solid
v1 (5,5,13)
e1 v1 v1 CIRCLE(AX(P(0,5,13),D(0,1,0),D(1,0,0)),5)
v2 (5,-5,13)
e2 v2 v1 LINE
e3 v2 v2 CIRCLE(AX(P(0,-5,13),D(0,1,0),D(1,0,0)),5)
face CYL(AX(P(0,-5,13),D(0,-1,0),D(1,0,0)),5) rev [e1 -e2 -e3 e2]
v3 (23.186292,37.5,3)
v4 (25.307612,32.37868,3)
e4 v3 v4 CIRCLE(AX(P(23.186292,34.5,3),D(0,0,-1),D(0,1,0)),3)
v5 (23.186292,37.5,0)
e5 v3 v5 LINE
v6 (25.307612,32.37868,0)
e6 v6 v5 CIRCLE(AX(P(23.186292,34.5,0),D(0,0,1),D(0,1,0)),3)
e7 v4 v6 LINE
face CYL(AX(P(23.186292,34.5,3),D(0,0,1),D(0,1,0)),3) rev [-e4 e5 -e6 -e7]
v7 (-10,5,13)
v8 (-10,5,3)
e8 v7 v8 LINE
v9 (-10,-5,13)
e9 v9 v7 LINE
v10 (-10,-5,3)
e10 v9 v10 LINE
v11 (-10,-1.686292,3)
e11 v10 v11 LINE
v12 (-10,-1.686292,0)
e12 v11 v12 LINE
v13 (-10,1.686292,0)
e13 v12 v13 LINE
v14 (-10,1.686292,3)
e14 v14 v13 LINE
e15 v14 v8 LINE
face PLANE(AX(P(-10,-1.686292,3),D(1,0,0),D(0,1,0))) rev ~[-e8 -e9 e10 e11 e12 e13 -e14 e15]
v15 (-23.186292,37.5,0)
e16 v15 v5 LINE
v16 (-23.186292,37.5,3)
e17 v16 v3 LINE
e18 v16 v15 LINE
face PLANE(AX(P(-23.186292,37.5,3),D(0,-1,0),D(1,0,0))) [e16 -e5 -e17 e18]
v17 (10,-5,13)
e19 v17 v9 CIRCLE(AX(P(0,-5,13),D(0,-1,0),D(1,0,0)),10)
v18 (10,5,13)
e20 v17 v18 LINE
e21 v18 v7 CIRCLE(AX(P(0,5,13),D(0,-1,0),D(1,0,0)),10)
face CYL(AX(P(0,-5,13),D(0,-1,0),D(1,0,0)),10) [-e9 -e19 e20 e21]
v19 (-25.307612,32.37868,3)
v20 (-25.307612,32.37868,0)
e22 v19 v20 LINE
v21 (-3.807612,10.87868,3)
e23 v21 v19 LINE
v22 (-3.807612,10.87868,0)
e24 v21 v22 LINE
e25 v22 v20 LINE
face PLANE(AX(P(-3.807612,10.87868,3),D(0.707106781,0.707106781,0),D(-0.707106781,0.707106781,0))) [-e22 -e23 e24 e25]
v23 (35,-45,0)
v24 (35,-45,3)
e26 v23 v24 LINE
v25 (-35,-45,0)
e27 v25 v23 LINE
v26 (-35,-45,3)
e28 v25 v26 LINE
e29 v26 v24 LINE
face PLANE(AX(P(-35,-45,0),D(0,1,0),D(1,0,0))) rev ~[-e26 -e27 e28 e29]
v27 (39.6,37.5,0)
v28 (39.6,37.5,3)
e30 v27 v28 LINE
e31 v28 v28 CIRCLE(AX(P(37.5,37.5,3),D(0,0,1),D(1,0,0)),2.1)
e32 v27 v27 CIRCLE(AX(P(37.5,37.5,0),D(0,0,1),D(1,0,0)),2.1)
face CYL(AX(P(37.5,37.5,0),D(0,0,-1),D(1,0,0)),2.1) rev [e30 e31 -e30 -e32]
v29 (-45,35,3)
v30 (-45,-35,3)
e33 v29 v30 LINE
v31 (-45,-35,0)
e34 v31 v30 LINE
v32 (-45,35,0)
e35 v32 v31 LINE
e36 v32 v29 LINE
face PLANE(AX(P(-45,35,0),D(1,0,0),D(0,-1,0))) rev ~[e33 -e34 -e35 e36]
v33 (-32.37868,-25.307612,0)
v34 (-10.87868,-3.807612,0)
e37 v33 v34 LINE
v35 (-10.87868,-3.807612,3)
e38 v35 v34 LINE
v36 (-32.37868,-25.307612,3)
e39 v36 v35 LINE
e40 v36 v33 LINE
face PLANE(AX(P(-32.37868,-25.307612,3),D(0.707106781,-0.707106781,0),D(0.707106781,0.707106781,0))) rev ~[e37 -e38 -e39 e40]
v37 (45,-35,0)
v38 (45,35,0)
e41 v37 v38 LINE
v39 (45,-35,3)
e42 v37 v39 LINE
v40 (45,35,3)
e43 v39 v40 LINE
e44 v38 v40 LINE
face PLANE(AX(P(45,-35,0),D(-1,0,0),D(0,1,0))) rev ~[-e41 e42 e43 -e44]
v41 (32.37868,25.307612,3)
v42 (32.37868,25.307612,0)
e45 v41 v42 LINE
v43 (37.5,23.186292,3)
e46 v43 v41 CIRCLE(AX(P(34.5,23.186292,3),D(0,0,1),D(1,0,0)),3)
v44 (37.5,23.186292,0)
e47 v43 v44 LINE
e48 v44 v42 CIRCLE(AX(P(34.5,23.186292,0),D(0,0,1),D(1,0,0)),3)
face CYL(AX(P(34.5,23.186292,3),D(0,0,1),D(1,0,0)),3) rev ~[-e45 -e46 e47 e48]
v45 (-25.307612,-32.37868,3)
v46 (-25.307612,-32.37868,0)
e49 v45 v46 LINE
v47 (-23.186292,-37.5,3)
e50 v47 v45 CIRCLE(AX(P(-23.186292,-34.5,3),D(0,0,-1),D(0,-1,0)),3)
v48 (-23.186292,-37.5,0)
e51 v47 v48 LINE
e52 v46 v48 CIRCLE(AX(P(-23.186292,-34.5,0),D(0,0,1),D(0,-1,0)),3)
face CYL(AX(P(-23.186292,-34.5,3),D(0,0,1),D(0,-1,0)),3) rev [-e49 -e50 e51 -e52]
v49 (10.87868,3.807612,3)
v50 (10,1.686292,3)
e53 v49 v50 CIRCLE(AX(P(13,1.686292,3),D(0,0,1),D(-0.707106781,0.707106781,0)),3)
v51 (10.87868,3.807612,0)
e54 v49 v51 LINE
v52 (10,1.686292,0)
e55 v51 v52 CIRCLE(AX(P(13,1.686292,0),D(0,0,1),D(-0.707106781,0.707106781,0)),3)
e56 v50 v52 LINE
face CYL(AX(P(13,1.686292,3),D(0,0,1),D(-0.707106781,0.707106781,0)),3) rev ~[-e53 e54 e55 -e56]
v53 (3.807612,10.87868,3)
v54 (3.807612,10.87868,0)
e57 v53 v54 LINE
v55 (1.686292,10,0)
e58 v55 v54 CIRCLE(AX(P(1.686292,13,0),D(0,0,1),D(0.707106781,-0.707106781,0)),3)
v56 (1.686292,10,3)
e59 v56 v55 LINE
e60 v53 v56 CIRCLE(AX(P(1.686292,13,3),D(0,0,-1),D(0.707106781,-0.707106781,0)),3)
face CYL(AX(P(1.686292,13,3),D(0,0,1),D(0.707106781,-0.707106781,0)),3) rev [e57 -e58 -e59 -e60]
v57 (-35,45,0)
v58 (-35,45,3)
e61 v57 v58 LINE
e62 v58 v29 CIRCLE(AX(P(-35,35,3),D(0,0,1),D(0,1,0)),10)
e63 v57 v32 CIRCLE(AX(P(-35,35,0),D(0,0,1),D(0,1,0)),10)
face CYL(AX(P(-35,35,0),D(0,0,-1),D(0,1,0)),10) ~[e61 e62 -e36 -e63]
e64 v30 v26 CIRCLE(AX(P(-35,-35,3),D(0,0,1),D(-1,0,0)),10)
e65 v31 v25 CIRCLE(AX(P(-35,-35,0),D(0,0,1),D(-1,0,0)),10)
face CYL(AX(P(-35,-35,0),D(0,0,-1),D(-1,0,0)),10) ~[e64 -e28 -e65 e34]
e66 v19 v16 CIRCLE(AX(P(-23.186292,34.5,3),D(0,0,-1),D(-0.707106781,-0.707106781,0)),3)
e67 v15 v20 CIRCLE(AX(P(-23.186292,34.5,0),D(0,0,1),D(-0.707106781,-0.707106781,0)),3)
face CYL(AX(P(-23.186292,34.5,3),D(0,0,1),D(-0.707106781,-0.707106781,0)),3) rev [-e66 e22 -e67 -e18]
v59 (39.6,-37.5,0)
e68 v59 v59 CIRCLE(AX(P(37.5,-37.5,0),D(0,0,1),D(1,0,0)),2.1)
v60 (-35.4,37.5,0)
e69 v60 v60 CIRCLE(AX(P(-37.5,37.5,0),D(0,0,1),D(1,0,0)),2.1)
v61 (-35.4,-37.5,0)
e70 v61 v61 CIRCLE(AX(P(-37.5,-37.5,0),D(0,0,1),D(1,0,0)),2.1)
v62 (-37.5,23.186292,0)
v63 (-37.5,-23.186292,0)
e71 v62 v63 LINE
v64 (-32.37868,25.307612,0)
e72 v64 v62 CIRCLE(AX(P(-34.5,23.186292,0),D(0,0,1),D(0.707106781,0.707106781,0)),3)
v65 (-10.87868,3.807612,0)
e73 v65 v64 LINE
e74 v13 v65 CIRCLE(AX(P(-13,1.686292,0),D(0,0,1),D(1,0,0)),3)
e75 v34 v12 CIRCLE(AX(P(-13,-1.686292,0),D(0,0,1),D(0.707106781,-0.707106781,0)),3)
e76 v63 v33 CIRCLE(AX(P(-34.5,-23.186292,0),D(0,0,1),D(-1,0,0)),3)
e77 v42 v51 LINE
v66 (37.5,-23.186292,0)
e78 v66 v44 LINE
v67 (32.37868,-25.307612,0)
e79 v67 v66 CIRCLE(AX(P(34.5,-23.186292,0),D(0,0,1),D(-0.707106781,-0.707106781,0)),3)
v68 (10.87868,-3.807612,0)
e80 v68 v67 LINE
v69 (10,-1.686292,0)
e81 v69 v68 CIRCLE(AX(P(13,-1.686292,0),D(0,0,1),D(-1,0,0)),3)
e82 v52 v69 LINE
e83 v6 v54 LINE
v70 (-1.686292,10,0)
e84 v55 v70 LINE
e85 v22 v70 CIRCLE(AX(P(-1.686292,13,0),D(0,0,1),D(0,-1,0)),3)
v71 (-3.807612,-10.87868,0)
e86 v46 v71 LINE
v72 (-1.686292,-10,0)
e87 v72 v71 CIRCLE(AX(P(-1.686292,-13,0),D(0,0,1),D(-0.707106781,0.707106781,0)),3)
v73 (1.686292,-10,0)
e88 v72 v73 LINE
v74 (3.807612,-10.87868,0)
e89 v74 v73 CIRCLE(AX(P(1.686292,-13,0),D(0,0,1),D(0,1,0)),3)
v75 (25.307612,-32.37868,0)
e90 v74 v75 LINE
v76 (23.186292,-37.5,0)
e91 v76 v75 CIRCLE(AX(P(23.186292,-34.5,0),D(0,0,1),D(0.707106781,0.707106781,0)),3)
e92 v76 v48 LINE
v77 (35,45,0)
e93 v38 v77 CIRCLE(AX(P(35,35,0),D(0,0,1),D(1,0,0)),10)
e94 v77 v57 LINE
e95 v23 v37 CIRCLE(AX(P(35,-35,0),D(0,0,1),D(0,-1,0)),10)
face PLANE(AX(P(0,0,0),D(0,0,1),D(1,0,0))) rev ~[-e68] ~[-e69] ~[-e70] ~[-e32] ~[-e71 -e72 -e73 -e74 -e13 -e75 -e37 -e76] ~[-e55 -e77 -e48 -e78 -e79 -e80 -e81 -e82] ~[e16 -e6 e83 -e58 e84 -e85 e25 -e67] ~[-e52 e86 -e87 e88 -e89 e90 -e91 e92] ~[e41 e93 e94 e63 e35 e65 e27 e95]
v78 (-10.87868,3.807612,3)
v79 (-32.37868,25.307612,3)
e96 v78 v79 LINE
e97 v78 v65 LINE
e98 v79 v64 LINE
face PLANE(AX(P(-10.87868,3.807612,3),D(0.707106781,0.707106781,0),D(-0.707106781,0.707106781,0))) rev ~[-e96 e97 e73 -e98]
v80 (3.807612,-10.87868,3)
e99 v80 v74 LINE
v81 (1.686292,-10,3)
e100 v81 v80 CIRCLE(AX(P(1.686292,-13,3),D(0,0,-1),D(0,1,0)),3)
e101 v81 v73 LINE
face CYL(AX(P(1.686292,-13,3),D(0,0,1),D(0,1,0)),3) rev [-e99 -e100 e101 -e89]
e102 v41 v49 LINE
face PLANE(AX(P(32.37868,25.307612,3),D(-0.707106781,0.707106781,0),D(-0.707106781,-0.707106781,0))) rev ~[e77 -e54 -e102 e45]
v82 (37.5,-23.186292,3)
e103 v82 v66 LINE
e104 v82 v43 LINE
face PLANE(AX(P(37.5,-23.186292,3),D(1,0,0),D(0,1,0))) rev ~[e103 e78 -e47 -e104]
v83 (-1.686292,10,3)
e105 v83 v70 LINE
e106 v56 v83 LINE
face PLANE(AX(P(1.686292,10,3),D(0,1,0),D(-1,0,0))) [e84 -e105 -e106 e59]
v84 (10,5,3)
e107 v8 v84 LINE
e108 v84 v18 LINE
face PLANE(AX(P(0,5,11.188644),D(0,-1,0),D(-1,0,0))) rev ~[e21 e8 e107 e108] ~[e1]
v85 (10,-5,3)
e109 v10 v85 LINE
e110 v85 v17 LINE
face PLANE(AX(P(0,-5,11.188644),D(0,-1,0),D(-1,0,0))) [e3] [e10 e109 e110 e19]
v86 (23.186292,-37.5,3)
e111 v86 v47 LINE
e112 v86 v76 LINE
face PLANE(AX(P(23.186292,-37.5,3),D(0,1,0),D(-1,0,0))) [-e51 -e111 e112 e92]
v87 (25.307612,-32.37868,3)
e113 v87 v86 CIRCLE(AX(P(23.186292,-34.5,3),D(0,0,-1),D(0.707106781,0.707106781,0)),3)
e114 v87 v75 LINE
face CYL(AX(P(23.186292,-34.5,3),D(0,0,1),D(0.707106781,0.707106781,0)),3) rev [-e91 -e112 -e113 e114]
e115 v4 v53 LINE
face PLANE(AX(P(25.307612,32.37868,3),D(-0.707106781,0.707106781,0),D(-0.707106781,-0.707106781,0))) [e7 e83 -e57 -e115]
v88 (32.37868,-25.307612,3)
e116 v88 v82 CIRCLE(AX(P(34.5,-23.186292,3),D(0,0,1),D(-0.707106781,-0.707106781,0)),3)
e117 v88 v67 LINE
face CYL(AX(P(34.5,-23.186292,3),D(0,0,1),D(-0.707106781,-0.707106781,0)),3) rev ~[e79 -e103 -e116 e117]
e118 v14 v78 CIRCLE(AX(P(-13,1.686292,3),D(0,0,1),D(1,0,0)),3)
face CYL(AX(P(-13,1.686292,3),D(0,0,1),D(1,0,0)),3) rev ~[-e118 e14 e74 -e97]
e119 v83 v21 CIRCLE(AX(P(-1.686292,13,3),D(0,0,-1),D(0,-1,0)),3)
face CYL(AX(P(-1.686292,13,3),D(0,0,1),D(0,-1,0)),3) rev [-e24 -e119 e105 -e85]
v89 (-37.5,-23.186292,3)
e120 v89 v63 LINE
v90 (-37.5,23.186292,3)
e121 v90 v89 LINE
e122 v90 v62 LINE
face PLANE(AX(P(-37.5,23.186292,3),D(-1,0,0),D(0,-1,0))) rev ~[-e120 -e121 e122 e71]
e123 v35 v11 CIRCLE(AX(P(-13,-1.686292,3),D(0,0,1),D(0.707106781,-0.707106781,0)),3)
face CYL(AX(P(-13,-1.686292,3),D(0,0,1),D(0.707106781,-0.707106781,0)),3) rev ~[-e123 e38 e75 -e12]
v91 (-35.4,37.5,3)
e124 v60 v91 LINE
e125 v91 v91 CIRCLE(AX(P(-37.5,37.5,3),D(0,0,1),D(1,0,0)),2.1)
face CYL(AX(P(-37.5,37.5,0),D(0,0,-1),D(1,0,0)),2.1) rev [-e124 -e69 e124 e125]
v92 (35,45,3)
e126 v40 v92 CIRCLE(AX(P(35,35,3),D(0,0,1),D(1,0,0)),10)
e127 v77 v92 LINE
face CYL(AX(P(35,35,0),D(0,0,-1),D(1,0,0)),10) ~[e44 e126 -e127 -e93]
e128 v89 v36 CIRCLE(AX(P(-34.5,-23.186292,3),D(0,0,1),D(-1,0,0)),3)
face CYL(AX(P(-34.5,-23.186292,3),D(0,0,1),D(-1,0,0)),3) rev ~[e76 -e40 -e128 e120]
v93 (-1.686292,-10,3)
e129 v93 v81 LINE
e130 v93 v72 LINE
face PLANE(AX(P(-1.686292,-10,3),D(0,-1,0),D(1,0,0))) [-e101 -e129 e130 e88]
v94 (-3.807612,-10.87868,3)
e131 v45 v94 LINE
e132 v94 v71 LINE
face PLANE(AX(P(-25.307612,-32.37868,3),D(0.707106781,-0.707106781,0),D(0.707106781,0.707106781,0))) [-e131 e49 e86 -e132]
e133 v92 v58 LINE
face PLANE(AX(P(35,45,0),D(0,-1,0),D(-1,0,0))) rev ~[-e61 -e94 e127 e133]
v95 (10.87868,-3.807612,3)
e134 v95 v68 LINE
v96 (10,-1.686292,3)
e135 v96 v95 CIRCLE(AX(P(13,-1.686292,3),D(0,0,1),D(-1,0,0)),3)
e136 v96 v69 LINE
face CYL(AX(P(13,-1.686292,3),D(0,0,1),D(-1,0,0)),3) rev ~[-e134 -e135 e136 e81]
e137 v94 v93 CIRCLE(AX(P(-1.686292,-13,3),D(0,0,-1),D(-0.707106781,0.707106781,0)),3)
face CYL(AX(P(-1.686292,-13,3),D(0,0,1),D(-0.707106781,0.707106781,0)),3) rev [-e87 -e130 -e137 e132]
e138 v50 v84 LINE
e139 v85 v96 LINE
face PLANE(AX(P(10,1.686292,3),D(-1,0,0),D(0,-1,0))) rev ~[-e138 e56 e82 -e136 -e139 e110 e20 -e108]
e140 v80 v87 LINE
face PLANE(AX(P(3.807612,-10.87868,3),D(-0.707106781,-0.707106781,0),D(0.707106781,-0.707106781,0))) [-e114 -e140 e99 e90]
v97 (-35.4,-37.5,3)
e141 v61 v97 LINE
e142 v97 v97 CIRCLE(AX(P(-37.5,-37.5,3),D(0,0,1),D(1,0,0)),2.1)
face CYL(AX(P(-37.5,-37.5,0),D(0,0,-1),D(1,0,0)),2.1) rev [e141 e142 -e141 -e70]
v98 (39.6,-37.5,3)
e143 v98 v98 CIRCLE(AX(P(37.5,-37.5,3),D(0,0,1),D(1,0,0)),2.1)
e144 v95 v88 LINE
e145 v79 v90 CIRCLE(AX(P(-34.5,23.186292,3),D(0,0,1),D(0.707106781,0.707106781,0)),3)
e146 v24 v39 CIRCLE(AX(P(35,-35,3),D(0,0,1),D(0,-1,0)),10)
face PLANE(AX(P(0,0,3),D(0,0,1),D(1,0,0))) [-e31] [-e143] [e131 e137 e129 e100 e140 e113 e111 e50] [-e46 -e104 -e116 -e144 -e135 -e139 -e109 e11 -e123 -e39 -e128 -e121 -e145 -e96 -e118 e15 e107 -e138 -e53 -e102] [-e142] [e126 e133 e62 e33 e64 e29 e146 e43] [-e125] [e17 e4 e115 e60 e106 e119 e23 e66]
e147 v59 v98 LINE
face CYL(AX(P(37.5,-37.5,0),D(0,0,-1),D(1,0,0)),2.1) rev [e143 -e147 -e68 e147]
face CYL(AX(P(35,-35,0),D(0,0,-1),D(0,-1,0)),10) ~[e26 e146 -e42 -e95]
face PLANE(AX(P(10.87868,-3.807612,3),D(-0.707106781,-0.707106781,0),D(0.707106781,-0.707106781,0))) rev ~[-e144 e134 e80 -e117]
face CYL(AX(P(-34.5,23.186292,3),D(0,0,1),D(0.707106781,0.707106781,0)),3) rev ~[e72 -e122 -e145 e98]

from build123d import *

# Parameters (mm, degrees)
ESQUISSE1_R             = 2.1
BOSS_EXTRU_1_DEPTH      = 3
BOSS_EXTRU_2_START      = -50
ESQUISSE4_R             = 5
BOSS_EXTRU_2_DEPTH      = 10
ENL_V_MAT_EXTRU_1_DEPTH = 10


with BuildPart() as part:
    # Esquisse1 → Boss.-Extru.1 (new body)
    with BuildSketch(Plane.XY):
        with BuildLine():
            Line((-35, -45), (35, -45))
            ThreePointArc((35, -45), (42.071067812, -42.071067812), (45, -35))
            Line((45, -35), (45, 35))
            ThreePointArc((45, 35), (42.071067812, 42.071067812), (35, 45))
            Line((35, 45), (-35, 45))
            ThreePointArc((-35, 45), (-42.071067812, 42.071067812), (-45, 35))
            Line((-45, 35), (-45, -35))
            ThreePointArc((-45, -35), (-42.071067812, -42.071067812), (-35, -45))
        make_face()
        with Locations((-37.5, 37.5)):
            Circle(ESQUISSE1_R, mode=Mode.SUBTRACT)
        with Locations((37.5, 37.5)):
            Circle(ESQUISSE1_R, mode=Mode.SUBTRACT)
        with Locations((37.5, -37.5)):
            Circle(ESQUISSE1_R, mode=Mode.SUBTRACT)
        with Locations((-37.5, -37.5)):
            Circle(ESQUISSE1_R, mode=Mode.SUBTRACT)
    extrude(amount=BOSS_EXTRU_1_DEPTH)

    # Esquisse4 → Boss.-Extru.2 (add)
    with BuildSketch(Plane(origin=(0, 45, 123.316242038), x_dir=(1, 0, 0), z_dir=(0, 1, 0)).offset(BOSS_EXTRU_2_START)):
        with BuildLine():
            Line((10, 120.316242038), (10, 110.316242038))
            ThreePointArc((10, 110.316242038), (0, 100.316242038), (-10, 110.316242038))
            Line((-10, 110.316242038), (-10, 120.316242038))
            Line((-10, 120.316242038), (10, 120.316242038))
        make_face()
        with Locations((0, 110.316242038)):
            Circle(ESQUISSE4_R, mode=Mode.SUBTRACT)
    extrude(amount=BOSS_EXTRU_2_DEPTH)

    # Esquisse5 → Enlèv. mat.-Extru.1 (cut)
    with BuildSketch(Plane.XY.offset(3)):
        with BuildLine():
            Line((-23.186291501, 37.5), (23.186291501, 37.5))
            ThreePointArc((23.186291501, 37.5), (25.957930099, 35.648050297), (25.307611845, 32.378679656))
            Line((25.307611845, 32.378679656), (3.807611845, 10.878679656))
            ThreePointArc((3.807611845, 10.878679656), (2.834341798, 10.228361402), (1.686291501, 10))
            Line((1.686291501, 10), (-1.686291501, 10))
            ThreePointArc((-1.686291501, 10), (-2.834341798, 10.228361402), (-3.807611845, 10.878679656))
            Line((-3.807611845, 10.878679656), (-25.307611845, 32.378679656))
            ThreePointArc((-25.307611845, 32.378679656), (-25.957930099, 35.648050297), (-23.186291501, 37.5))
        make_face()
        with BuildLine():
            Line((-32.378679656, -25.307611845), (-10.878679656, -3.807611845))
            ThreePointArc((-10.878679656, -3.807611845), (-10.228361402, -2.834341798), (-10, -1.686291501))
            Line((-10, -1.686291501), (-10, 1.686291501))
            ThreePointArc((-10, 1.686291501), (-10.228361402, 2.834341798), (-10.878679656, 3.807611845))
            Line((-10.878679656, 3.807611845), (-32.378679656, 25.307611845))
            ThreePointArc((-32.378679656, 25.307611845), (-35.648050297, 25.957930099), (-37.5, 23.186291501))
            Line((-37.5, 23.186291501), (-37.5, -23.186291501))
            ThreePointArc((-37.5, -23.186291501), (-35.648050297, -25.957930099), (-32.378679656, -25.307611845))
        make_face()
        with BuildLine():
            Line((32.378679656, 25.307611845), (10.878679656, 3.807611845))
            ThreePointArc((10.878679656, 3.807611845), (10.228361402, 2.834341798), (10, 1.686291501))
            Line((10, 1.686291501), (10, -1.686291501))
            ThreePointArc((10, -1.686291501), (10.228361402, -2.834341798), (10.878679656, -3.807611845))
            Line((10.878679656, -3.807611845), (32.378679656, -25.307611845))
            ThreePointArc((32.378679656, -25.307611845), (35.648050297, -25.957930099), (37.5, -23.186291501))
            Line((37.5, -23.186291501), (37.5, 23.186291501))
            ThreePointArc((37.5, 23.186291501), (35.648050297, 25.957930099), (32.378679656, 25.307611845))
        make_face()
        with BuildLine():
            Line((23.186291501, -37.5), (-23.186291501, -37.5))
            ThreePointArc((-23.186291501, -37.5), (-25.957930099, -35.648050297), (-25.307611845, -32.378679656))
            Line((-25.307611845, -32.378679656), (-3.807611845, -10.878679656))
            ThreePointArc((-3.807611845, -10.878679656), (-2.834341798, -10.228361402), (-1.686291501, -10))
            Line((-1.686291501, -10), (1.686291501, -10))
            ThreePointArc((1.686291501, -10), (2.834341798, -10.228361402), (3.807611845, -10.878679656))
            Line((3.807611845, -10.878679656), (25.307611845, -32.378679656))
            ThreePointArc((25.307611845, -32.378679656), (25.957930099, -35.648050297), (23.186291501, -37.5))
        make_face()
    extrude(amount=-ENL_V_MAT_EXTRU_1_DEPTH, mode=Mode.SUBTRACT)


solid = part.part
